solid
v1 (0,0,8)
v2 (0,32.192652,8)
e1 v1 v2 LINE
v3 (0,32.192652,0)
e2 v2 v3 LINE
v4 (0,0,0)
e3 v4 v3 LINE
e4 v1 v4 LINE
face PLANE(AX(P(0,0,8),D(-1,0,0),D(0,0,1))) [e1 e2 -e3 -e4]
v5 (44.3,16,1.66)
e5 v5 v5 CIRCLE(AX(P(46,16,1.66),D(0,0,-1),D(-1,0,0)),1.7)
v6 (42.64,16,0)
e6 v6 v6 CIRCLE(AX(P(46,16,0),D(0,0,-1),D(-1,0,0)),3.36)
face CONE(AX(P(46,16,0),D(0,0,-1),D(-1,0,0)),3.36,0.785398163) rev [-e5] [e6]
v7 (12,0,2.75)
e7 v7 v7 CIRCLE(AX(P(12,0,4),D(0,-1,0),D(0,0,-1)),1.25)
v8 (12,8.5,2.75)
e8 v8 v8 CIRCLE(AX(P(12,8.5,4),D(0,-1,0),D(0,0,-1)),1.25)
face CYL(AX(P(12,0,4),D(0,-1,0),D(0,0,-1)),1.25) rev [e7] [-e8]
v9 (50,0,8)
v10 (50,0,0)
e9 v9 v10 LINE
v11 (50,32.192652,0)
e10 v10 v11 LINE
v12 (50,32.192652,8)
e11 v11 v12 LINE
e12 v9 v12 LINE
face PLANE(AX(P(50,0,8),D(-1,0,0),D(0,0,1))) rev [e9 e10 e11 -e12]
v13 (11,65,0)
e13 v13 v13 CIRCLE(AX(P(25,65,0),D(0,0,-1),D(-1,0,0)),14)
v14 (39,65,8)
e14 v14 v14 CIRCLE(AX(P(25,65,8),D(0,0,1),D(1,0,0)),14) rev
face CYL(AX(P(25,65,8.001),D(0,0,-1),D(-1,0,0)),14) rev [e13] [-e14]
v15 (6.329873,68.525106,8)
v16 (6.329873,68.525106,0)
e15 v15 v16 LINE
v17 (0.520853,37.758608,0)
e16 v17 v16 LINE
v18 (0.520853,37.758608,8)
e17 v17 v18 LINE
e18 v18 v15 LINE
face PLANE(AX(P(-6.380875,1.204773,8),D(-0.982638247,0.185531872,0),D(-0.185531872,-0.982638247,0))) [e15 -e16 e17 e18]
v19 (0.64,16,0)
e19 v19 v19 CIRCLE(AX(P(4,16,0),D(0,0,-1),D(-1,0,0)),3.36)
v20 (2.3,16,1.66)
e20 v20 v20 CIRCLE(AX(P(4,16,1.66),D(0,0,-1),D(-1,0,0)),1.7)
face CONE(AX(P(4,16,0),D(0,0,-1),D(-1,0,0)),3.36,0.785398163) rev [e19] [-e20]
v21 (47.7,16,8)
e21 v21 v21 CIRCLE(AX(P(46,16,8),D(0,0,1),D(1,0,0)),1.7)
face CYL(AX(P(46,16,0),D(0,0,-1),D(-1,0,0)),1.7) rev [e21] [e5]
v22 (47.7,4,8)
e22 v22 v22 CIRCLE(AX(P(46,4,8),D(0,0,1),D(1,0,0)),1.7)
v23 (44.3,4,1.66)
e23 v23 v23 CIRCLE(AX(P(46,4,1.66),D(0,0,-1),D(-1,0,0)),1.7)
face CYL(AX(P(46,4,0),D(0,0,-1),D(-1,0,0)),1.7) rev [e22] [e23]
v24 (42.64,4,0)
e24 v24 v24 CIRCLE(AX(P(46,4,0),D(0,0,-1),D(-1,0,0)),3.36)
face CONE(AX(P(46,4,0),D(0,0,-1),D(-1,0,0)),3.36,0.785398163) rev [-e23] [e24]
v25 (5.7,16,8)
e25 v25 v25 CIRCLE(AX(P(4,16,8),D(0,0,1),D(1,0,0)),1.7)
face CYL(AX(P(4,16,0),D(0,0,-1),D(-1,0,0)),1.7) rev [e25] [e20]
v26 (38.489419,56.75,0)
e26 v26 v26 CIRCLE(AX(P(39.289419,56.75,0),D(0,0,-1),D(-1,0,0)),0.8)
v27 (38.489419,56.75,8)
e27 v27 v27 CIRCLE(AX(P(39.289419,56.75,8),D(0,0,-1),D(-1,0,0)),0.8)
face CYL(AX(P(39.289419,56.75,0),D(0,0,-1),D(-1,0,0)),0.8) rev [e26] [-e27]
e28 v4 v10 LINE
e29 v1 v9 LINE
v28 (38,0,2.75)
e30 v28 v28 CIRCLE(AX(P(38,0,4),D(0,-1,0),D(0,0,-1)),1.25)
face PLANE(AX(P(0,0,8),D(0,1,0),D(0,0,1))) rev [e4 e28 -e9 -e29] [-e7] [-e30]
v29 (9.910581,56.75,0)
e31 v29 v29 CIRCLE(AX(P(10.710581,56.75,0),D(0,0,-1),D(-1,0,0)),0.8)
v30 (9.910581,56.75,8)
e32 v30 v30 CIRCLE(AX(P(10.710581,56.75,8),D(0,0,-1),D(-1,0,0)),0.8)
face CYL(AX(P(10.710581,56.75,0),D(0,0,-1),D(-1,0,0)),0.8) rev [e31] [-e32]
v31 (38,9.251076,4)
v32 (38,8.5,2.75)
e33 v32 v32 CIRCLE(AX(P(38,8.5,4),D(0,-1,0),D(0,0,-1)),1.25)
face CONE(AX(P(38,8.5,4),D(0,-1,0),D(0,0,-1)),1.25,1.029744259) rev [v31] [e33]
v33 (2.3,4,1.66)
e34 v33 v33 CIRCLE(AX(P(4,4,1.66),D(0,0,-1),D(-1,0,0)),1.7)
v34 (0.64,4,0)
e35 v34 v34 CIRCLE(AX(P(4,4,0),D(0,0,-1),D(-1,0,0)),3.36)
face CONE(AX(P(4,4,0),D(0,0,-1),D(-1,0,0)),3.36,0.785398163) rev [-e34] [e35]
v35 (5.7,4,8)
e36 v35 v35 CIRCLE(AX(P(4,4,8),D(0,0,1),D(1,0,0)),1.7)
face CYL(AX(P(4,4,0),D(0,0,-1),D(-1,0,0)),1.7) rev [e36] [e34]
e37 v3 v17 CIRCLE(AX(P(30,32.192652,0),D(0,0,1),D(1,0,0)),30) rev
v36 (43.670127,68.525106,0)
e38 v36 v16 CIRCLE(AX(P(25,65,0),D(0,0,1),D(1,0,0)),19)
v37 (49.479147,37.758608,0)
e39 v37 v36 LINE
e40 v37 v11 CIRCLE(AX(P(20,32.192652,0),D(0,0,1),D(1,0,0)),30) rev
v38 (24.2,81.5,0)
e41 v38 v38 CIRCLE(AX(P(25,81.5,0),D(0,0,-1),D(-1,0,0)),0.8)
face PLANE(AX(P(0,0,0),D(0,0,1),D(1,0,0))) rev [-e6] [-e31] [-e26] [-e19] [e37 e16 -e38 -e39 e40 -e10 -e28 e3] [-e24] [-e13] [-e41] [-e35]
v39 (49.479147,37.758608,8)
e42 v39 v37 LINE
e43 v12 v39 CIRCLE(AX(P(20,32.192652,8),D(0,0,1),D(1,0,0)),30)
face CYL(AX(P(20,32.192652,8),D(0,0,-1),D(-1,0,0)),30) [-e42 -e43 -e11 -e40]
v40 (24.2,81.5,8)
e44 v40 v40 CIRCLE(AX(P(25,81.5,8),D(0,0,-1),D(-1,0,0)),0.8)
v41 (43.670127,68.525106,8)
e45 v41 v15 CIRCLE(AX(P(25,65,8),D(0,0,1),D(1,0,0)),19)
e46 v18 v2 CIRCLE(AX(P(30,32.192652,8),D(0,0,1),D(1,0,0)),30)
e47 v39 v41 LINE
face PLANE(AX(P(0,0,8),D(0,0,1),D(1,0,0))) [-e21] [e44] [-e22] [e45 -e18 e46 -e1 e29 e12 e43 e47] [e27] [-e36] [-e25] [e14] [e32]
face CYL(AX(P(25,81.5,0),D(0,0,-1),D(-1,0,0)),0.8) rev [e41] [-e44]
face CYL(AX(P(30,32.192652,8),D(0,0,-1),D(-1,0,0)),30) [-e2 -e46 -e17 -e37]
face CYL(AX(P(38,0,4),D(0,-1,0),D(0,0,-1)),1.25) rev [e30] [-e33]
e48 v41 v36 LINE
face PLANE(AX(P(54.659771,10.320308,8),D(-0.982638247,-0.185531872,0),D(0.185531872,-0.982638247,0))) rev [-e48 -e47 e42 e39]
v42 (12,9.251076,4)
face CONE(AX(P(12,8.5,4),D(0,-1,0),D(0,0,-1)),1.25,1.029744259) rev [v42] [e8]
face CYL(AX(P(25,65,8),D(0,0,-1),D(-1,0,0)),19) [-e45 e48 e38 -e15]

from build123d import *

# Parameters (mm, degrees)
EXTRUDE_1_DEPTH              = 8
FILLET_1_R                   = 30
CUT_EXTRUDE_1_REACH          = 10
SKETCH_2_R                   = 14
HOLE_WIZARD_M3_1_D           = 3.4
HOLE_WIZARD_M3_1_DEPTH       = 8
HOLE_WIZARD_M3_1_CSINK_D     = 6.72
HOLE_WIZARD_M3_1_CSINK_ANGLE = 90
HOLE_WIZARD_M3_1_2_D         = 2.5
HOLE_WIZARD_M3_1_2_DEPTH     = 8.5
HOLE_WIZARD_M3_1_2_TIP       = 0.751075774
HOLE_WIZARD_M2_1_D           = 1.6


with BuildPart() as part:
    # 스케치1 → 보스-돌출1 (new body)
    with BuildSketch(Plane.XY):
        with BuildLine():
            Line((0, 35), (0, 0))
            Line((0, 0), (50, 0))
            Line((50, 0), (50, 35))
            Line((50, 35), (43.670126691, 68.525105576))
            ThreePointArc((43.670126691, 68.525105576), (25, 84), (6.329873309, 68.525105576))
            Line((6.329873309, 68.525105576), (0, 35))
        make_face()
    extrude(amount=EXTRUDE_1_DEPTH)

    # 필렛1
    fillet_1_edges = [part.edges().sort_by_distance(p)[0] for p in [
        (50, 35, 4),
        (0, 35, 4),
    ]]
    fillet(fillet_1_edges, radius=FILLET_1_R)

    # 스케치2 → 컷-돌출1 (cut, up to next)
    with BuildSketch(Plane(origin=(0, 0, 0), x_dir=(-1, 0, 0), z_dir=(0, 0, -1)), mode=Mode.PRIVATE) as cut_extrude_1_sk1:
        with Locations((-25, 65)):
            Circle(SKETCH_2_R)
    cut_extrude_1_tool1 = extrude(cut_extrude_1_sk1.sketch, amount=-CUT_EXTRUDE_1_REACH, mode=Mode.PRIVATE) & part.part
    add(cut_extrude_1_tool1.solids().sort_by_distance((25, 65, 0))[0], mode=Mode.SUBTRACT)

    # Hole Wizard M3 _ _ _ _ _ _ _1
    with Locations(Plane(origin=(0, 0, 0), x_dir=(-1, 0, 0), z_dir=(0, 0, -1))):
        with Locations((-4, 16), (-4, 4), (-46, 16), (-46, 4)):
            CounterSinkHole(HOLE_WIZARD_M3_1_D / 2, HOLE_WIZARD_M3_1_CSINK_D / 2, depth=HOLE_WIZARD_M3_1_DEPTH, counter_sink_angle=HOLE_WIZARD_M3_1_CSINK_ANGLE)

    # Hole Wizard M3 _ _1 2
    with Locations(Plane(origin=(0, 0, 0), x_dir=(-1, 0, 0), z_dir=(0, -1, 0))):
        with Locations((-38, -4), (-12, -4)):
            Hole(HOLE_WIZARD_M3_1_2_D / 2, depth=HOLE_WIZARD_M3_1_2_DEPTH)
            with Locations((0, 0, -(HOLE_WIZARD_M3_1_2_DEPTH + HOLE_WIZARD_M3_1_2_TIP / 2))):  # 118° drill point
                Cone(0, HOLE_WIZARD_M3_1_2_D / 2, HOLE_WIZARD_M3_1_2_TIP, mode=Mode.SUBTRACT)

    # M2 나사 구멍1 (through all)
    with Locations(Plane(origin=(0, 0, 0), x_dir=(-1, 0, 0), z_dir=(0, 0, -1))):
        with Locations((-10.710580838, 56.75), (-25, 81.5), (-39.289419162, 56.75)):
            Hole(HOLE_WIZARD_M2_1_D / 2)


solid = part.part
